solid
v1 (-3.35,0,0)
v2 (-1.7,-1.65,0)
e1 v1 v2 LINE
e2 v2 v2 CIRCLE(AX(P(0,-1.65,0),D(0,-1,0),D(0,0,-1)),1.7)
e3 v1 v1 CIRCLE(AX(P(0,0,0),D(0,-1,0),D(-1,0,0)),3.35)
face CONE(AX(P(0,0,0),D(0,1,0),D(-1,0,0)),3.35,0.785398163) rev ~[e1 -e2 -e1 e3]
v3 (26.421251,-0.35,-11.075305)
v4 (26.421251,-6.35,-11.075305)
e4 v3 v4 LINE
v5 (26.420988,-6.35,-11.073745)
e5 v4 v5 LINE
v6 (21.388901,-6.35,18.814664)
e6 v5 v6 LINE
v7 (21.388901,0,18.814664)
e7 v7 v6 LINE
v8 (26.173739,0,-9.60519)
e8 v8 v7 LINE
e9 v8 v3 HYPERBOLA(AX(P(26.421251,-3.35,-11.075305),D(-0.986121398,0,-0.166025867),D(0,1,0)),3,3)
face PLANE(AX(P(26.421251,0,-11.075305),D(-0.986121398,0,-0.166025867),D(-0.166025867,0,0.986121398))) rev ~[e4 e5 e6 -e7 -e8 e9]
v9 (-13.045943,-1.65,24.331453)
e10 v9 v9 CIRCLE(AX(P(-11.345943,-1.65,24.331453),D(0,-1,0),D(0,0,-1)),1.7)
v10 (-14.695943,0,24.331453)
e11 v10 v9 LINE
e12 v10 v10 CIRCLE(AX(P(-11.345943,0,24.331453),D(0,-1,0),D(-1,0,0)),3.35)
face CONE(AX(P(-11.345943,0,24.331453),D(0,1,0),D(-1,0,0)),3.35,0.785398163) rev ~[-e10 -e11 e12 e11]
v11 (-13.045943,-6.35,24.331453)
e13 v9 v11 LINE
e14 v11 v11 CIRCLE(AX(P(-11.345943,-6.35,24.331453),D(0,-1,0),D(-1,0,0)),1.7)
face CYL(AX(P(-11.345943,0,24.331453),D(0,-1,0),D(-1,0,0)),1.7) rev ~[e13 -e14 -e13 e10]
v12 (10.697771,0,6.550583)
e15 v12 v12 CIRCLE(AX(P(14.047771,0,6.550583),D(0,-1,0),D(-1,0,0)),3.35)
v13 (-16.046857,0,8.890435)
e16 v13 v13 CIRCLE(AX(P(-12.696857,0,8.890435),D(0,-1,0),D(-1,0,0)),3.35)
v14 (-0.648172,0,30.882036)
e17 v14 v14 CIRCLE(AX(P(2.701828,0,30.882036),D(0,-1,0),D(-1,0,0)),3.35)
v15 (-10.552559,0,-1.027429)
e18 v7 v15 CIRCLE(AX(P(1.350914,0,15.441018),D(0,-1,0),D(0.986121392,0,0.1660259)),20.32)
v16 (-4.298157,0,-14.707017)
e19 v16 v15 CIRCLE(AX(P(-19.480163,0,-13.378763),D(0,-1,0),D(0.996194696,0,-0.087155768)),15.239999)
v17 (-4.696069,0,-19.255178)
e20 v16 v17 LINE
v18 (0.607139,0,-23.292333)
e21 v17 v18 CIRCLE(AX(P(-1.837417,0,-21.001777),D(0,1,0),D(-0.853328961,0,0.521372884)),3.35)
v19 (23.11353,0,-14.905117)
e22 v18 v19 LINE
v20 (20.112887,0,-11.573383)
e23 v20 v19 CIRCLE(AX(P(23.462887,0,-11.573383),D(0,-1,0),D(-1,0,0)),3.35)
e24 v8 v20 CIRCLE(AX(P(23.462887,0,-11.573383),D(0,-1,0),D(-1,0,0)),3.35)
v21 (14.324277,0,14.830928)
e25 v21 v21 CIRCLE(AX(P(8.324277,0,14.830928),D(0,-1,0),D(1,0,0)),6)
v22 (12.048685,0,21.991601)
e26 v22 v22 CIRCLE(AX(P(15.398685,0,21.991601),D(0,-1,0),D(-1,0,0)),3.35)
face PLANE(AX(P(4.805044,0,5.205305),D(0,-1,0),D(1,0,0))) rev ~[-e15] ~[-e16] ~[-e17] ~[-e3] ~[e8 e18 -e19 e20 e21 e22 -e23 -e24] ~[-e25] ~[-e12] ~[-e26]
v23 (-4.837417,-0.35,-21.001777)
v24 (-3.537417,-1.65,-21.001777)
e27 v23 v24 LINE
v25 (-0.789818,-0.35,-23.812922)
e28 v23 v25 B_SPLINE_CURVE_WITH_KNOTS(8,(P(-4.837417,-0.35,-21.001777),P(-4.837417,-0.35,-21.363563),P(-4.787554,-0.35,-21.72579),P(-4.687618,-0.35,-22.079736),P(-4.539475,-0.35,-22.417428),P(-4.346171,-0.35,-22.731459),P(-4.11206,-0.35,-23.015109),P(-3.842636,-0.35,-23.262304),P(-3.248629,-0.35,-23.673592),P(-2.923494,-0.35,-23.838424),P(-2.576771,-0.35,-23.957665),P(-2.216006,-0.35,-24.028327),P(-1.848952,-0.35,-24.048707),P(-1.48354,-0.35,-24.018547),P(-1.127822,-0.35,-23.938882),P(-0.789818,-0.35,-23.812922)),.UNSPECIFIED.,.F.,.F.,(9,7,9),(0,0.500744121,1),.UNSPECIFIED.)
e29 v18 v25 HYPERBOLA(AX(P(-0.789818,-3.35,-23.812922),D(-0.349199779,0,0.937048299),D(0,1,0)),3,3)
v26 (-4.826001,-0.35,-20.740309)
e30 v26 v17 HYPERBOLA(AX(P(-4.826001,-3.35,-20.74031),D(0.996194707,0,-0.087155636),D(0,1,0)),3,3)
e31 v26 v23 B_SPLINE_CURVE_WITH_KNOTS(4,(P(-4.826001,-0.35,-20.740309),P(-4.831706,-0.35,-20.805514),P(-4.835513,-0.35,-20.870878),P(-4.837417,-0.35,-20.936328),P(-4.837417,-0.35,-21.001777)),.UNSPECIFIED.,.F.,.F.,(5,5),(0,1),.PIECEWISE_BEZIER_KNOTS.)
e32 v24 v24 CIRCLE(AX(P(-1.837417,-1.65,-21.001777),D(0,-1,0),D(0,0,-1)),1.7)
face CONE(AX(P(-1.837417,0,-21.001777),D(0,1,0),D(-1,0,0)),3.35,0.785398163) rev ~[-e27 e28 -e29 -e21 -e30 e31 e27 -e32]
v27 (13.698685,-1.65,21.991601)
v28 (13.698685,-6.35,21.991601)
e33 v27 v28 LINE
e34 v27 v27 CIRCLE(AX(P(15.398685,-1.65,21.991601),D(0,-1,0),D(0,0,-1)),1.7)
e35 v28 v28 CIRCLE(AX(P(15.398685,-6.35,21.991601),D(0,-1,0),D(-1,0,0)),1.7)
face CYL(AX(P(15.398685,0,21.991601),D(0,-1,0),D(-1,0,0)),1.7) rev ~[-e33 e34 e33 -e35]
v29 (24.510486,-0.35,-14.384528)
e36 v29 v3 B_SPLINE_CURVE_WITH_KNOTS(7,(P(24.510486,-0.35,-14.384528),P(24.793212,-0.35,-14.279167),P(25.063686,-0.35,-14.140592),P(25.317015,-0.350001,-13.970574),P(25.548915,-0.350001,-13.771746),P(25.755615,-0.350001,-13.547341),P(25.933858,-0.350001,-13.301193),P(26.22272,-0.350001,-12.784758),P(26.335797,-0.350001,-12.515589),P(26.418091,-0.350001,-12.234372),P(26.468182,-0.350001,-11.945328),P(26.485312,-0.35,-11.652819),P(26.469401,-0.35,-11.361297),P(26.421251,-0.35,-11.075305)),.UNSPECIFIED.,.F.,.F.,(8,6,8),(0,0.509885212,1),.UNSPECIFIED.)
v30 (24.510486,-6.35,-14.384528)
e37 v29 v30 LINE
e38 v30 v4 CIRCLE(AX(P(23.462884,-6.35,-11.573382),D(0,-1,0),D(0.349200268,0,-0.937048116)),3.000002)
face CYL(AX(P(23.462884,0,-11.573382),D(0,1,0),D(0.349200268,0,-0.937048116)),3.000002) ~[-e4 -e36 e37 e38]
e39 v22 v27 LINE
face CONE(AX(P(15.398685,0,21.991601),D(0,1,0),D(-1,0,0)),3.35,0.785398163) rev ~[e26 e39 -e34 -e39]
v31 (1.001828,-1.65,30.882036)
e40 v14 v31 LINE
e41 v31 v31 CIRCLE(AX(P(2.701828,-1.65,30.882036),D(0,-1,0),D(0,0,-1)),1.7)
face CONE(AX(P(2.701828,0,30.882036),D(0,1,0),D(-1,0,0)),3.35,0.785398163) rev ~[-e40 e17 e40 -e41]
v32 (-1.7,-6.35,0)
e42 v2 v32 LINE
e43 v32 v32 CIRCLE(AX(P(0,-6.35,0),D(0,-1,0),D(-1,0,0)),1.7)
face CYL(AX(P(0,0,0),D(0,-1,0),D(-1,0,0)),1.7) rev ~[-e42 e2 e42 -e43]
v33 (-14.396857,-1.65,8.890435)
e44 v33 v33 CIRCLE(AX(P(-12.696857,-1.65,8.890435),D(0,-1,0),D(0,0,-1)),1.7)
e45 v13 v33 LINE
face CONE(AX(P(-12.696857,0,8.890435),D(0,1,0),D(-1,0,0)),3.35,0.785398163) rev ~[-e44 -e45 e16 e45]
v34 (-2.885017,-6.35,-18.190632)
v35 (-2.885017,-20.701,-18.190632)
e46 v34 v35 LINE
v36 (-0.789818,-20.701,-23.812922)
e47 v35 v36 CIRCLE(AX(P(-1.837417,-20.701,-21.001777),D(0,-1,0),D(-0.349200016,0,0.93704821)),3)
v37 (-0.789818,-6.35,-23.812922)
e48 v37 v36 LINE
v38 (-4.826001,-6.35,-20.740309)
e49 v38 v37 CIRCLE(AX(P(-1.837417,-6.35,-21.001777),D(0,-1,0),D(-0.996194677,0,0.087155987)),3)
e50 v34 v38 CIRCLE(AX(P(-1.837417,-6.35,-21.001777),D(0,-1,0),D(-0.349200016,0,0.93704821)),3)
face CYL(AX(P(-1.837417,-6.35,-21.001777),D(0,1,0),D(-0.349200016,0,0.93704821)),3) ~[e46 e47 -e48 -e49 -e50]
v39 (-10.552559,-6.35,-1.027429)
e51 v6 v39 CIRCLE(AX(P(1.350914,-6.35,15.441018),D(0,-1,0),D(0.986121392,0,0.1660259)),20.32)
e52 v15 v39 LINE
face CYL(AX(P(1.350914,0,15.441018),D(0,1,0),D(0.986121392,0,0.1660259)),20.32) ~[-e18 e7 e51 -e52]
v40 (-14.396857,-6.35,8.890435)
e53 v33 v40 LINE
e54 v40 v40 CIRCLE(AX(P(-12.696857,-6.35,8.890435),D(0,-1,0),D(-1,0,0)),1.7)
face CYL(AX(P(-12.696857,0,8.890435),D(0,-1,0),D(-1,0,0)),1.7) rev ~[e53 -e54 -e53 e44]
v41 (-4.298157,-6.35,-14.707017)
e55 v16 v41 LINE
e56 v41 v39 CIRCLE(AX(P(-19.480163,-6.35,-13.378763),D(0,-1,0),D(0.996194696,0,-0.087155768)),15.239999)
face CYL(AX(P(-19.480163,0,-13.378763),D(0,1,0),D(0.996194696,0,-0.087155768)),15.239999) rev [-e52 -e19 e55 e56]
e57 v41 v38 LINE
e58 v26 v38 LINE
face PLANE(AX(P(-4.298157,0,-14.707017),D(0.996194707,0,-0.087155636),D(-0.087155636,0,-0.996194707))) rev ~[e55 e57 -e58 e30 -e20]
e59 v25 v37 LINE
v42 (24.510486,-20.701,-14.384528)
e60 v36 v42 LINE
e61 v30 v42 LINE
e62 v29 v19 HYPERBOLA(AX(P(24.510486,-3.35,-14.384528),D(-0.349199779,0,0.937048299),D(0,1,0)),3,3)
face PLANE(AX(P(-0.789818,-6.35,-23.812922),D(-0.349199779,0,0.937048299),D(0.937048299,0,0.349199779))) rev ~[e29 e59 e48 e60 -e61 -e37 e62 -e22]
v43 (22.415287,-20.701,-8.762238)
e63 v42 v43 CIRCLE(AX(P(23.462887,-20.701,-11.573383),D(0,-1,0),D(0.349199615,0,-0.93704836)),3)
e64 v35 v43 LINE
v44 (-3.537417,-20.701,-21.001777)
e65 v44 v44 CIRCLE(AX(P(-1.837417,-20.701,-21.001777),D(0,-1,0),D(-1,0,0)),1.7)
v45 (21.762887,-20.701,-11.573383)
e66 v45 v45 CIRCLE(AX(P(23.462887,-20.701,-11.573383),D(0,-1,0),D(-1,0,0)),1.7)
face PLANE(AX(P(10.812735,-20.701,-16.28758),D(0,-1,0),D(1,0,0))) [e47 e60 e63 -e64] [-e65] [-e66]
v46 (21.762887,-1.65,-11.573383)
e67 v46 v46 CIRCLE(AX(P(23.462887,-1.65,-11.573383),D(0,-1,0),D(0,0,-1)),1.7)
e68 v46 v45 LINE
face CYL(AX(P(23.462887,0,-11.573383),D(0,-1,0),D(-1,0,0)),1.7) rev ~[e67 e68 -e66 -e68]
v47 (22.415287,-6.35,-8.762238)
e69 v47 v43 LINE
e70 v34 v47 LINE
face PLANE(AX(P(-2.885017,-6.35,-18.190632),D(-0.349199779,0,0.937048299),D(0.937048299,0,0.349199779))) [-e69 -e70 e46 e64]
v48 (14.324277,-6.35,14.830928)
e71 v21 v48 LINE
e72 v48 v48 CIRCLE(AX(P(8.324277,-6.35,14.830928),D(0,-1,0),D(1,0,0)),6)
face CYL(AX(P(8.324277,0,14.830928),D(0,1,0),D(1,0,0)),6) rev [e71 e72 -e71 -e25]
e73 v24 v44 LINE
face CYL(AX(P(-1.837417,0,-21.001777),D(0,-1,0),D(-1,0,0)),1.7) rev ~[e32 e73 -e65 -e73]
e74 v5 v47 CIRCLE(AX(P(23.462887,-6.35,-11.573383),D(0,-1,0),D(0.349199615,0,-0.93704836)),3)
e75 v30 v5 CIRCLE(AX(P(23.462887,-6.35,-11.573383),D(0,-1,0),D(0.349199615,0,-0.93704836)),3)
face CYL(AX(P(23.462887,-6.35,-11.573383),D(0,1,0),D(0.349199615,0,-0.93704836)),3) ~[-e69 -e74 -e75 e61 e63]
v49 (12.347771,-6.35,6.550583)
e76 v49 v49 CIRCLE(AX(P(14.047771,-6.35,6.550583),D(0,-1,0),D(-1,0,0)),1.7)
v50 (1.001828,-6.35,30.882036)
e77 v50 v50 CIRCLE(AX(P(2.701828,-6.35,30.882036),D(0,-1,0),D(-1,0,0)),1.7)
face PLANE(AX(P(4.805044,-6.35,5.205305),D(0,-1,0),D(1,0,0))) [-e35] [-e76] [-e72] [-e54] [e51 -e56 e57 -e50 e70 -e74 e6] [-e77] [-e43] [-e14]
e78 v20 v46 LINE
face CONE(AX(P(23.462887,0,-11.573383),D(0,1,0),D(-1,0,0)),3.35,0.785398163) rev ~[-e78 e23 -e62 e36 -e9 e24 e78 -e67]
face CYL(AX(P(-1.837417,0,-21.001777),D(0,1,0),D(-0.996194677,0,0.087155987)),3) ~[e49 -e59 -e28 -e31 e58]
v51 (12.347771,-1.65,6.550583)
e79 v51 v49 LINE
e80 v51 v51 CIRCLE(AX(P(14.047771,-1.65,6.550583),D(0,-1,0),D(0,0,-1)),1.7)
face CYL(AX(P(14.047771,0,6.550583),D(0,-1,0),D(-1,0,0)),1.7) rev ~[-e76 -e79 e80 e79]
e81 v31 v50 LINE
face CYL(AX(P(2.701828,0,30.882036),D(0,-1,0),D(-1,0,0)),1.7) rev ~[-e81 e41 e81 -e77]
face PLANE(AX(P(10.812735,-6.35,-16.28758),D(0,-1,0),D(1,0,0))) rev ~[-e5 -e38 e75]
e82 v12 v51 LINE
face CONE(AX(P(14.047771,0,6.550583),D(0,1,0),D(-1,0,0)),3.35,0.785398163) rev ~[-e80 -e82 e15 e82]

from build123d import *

# Parameters (mm, degrees)
SKETCH_R         = 6
PAD_DEPTH        = 6.35
PAD001_DEPTH     = 14.351
HOLE_D           = 3.4
HOLE_CSINK_D     = 6.7
HOLE_CSINK_ANGLE = 90


with BuildPart() as part:
    # Sketch → Pad (new body)
    with BuildSketch(Plane.XZ):
        with BuildLine():
            ThreePointArc((21.388901, 18.814664), (-9.37148, 32.701744), (-10.552559, -1.027429))
            ThreePointArc((-4.298157, -14.707017), (-5.620109, -7.04185), (-10.552559, -1.027429))
            Line((-4.298157, -14.707017), (-4.826001, -20.740309))
            ThreePointArc((-4.826001, -20.740309), (-3.654583, -23.388806), (-0.789818, -23.812922))
            Line((-0.789818, -23.812922), (24.510486, -14.384528))
            ThreePointArc((24.510486, -14.384528), (26.0609, -13.073491), (26.421251, -11.075305))
            Line((26.421251, -11.075305), (21.388901, 18.814664))
        make_face()
        with Locations((8.324277, 14.830928)):
            Circle(SKETCH_R, mode=Mode.SUBTRACT)
    extrude(amount=PAD_DEPTH)

    # Sketch001 (on Face10 of Pad) → Pad001 (join)
    with BuildSketch(Plane.XZ.offset(6.35)):
        with BuildLine():
            ThreePointArc((-2.885017, -18.190632), (-4.648562, -22.049376), (-0.789818, -23.812922))
            Line((-0.789818, -23.812922), (24.510486, -14.384528))
            ThreePointArc((24.510486, -14.384528), (26.274032, -10.525783), (22.415287, -8.762238))
            Line((-2.885017, -18.190632), (22.415287, -8.762238))
        make_face()
    extrude(amount=PAD001_DEPTH)

    # Hole (through all)
    with Locations(Plane(origin=(0, 0, 0), x_dir=(1, 0, 0), z_dir=(0, 1, 0))):
        with Locations((-1.837417, 21.001777), (23.462887, 11.573383), (15.398685, -21.991601), (2.701828, -30.882036), (-11.345943, -24.331453), (-12.696857, -8.890435), (0, 0), (14.047771, -6.550583)):
            CounterSinkHole(HOLE_D / 2, HOLE_CSINK_D / 2, counter_sink_angle=HOLE_CSINK_ANGLE)


solid = part.part
